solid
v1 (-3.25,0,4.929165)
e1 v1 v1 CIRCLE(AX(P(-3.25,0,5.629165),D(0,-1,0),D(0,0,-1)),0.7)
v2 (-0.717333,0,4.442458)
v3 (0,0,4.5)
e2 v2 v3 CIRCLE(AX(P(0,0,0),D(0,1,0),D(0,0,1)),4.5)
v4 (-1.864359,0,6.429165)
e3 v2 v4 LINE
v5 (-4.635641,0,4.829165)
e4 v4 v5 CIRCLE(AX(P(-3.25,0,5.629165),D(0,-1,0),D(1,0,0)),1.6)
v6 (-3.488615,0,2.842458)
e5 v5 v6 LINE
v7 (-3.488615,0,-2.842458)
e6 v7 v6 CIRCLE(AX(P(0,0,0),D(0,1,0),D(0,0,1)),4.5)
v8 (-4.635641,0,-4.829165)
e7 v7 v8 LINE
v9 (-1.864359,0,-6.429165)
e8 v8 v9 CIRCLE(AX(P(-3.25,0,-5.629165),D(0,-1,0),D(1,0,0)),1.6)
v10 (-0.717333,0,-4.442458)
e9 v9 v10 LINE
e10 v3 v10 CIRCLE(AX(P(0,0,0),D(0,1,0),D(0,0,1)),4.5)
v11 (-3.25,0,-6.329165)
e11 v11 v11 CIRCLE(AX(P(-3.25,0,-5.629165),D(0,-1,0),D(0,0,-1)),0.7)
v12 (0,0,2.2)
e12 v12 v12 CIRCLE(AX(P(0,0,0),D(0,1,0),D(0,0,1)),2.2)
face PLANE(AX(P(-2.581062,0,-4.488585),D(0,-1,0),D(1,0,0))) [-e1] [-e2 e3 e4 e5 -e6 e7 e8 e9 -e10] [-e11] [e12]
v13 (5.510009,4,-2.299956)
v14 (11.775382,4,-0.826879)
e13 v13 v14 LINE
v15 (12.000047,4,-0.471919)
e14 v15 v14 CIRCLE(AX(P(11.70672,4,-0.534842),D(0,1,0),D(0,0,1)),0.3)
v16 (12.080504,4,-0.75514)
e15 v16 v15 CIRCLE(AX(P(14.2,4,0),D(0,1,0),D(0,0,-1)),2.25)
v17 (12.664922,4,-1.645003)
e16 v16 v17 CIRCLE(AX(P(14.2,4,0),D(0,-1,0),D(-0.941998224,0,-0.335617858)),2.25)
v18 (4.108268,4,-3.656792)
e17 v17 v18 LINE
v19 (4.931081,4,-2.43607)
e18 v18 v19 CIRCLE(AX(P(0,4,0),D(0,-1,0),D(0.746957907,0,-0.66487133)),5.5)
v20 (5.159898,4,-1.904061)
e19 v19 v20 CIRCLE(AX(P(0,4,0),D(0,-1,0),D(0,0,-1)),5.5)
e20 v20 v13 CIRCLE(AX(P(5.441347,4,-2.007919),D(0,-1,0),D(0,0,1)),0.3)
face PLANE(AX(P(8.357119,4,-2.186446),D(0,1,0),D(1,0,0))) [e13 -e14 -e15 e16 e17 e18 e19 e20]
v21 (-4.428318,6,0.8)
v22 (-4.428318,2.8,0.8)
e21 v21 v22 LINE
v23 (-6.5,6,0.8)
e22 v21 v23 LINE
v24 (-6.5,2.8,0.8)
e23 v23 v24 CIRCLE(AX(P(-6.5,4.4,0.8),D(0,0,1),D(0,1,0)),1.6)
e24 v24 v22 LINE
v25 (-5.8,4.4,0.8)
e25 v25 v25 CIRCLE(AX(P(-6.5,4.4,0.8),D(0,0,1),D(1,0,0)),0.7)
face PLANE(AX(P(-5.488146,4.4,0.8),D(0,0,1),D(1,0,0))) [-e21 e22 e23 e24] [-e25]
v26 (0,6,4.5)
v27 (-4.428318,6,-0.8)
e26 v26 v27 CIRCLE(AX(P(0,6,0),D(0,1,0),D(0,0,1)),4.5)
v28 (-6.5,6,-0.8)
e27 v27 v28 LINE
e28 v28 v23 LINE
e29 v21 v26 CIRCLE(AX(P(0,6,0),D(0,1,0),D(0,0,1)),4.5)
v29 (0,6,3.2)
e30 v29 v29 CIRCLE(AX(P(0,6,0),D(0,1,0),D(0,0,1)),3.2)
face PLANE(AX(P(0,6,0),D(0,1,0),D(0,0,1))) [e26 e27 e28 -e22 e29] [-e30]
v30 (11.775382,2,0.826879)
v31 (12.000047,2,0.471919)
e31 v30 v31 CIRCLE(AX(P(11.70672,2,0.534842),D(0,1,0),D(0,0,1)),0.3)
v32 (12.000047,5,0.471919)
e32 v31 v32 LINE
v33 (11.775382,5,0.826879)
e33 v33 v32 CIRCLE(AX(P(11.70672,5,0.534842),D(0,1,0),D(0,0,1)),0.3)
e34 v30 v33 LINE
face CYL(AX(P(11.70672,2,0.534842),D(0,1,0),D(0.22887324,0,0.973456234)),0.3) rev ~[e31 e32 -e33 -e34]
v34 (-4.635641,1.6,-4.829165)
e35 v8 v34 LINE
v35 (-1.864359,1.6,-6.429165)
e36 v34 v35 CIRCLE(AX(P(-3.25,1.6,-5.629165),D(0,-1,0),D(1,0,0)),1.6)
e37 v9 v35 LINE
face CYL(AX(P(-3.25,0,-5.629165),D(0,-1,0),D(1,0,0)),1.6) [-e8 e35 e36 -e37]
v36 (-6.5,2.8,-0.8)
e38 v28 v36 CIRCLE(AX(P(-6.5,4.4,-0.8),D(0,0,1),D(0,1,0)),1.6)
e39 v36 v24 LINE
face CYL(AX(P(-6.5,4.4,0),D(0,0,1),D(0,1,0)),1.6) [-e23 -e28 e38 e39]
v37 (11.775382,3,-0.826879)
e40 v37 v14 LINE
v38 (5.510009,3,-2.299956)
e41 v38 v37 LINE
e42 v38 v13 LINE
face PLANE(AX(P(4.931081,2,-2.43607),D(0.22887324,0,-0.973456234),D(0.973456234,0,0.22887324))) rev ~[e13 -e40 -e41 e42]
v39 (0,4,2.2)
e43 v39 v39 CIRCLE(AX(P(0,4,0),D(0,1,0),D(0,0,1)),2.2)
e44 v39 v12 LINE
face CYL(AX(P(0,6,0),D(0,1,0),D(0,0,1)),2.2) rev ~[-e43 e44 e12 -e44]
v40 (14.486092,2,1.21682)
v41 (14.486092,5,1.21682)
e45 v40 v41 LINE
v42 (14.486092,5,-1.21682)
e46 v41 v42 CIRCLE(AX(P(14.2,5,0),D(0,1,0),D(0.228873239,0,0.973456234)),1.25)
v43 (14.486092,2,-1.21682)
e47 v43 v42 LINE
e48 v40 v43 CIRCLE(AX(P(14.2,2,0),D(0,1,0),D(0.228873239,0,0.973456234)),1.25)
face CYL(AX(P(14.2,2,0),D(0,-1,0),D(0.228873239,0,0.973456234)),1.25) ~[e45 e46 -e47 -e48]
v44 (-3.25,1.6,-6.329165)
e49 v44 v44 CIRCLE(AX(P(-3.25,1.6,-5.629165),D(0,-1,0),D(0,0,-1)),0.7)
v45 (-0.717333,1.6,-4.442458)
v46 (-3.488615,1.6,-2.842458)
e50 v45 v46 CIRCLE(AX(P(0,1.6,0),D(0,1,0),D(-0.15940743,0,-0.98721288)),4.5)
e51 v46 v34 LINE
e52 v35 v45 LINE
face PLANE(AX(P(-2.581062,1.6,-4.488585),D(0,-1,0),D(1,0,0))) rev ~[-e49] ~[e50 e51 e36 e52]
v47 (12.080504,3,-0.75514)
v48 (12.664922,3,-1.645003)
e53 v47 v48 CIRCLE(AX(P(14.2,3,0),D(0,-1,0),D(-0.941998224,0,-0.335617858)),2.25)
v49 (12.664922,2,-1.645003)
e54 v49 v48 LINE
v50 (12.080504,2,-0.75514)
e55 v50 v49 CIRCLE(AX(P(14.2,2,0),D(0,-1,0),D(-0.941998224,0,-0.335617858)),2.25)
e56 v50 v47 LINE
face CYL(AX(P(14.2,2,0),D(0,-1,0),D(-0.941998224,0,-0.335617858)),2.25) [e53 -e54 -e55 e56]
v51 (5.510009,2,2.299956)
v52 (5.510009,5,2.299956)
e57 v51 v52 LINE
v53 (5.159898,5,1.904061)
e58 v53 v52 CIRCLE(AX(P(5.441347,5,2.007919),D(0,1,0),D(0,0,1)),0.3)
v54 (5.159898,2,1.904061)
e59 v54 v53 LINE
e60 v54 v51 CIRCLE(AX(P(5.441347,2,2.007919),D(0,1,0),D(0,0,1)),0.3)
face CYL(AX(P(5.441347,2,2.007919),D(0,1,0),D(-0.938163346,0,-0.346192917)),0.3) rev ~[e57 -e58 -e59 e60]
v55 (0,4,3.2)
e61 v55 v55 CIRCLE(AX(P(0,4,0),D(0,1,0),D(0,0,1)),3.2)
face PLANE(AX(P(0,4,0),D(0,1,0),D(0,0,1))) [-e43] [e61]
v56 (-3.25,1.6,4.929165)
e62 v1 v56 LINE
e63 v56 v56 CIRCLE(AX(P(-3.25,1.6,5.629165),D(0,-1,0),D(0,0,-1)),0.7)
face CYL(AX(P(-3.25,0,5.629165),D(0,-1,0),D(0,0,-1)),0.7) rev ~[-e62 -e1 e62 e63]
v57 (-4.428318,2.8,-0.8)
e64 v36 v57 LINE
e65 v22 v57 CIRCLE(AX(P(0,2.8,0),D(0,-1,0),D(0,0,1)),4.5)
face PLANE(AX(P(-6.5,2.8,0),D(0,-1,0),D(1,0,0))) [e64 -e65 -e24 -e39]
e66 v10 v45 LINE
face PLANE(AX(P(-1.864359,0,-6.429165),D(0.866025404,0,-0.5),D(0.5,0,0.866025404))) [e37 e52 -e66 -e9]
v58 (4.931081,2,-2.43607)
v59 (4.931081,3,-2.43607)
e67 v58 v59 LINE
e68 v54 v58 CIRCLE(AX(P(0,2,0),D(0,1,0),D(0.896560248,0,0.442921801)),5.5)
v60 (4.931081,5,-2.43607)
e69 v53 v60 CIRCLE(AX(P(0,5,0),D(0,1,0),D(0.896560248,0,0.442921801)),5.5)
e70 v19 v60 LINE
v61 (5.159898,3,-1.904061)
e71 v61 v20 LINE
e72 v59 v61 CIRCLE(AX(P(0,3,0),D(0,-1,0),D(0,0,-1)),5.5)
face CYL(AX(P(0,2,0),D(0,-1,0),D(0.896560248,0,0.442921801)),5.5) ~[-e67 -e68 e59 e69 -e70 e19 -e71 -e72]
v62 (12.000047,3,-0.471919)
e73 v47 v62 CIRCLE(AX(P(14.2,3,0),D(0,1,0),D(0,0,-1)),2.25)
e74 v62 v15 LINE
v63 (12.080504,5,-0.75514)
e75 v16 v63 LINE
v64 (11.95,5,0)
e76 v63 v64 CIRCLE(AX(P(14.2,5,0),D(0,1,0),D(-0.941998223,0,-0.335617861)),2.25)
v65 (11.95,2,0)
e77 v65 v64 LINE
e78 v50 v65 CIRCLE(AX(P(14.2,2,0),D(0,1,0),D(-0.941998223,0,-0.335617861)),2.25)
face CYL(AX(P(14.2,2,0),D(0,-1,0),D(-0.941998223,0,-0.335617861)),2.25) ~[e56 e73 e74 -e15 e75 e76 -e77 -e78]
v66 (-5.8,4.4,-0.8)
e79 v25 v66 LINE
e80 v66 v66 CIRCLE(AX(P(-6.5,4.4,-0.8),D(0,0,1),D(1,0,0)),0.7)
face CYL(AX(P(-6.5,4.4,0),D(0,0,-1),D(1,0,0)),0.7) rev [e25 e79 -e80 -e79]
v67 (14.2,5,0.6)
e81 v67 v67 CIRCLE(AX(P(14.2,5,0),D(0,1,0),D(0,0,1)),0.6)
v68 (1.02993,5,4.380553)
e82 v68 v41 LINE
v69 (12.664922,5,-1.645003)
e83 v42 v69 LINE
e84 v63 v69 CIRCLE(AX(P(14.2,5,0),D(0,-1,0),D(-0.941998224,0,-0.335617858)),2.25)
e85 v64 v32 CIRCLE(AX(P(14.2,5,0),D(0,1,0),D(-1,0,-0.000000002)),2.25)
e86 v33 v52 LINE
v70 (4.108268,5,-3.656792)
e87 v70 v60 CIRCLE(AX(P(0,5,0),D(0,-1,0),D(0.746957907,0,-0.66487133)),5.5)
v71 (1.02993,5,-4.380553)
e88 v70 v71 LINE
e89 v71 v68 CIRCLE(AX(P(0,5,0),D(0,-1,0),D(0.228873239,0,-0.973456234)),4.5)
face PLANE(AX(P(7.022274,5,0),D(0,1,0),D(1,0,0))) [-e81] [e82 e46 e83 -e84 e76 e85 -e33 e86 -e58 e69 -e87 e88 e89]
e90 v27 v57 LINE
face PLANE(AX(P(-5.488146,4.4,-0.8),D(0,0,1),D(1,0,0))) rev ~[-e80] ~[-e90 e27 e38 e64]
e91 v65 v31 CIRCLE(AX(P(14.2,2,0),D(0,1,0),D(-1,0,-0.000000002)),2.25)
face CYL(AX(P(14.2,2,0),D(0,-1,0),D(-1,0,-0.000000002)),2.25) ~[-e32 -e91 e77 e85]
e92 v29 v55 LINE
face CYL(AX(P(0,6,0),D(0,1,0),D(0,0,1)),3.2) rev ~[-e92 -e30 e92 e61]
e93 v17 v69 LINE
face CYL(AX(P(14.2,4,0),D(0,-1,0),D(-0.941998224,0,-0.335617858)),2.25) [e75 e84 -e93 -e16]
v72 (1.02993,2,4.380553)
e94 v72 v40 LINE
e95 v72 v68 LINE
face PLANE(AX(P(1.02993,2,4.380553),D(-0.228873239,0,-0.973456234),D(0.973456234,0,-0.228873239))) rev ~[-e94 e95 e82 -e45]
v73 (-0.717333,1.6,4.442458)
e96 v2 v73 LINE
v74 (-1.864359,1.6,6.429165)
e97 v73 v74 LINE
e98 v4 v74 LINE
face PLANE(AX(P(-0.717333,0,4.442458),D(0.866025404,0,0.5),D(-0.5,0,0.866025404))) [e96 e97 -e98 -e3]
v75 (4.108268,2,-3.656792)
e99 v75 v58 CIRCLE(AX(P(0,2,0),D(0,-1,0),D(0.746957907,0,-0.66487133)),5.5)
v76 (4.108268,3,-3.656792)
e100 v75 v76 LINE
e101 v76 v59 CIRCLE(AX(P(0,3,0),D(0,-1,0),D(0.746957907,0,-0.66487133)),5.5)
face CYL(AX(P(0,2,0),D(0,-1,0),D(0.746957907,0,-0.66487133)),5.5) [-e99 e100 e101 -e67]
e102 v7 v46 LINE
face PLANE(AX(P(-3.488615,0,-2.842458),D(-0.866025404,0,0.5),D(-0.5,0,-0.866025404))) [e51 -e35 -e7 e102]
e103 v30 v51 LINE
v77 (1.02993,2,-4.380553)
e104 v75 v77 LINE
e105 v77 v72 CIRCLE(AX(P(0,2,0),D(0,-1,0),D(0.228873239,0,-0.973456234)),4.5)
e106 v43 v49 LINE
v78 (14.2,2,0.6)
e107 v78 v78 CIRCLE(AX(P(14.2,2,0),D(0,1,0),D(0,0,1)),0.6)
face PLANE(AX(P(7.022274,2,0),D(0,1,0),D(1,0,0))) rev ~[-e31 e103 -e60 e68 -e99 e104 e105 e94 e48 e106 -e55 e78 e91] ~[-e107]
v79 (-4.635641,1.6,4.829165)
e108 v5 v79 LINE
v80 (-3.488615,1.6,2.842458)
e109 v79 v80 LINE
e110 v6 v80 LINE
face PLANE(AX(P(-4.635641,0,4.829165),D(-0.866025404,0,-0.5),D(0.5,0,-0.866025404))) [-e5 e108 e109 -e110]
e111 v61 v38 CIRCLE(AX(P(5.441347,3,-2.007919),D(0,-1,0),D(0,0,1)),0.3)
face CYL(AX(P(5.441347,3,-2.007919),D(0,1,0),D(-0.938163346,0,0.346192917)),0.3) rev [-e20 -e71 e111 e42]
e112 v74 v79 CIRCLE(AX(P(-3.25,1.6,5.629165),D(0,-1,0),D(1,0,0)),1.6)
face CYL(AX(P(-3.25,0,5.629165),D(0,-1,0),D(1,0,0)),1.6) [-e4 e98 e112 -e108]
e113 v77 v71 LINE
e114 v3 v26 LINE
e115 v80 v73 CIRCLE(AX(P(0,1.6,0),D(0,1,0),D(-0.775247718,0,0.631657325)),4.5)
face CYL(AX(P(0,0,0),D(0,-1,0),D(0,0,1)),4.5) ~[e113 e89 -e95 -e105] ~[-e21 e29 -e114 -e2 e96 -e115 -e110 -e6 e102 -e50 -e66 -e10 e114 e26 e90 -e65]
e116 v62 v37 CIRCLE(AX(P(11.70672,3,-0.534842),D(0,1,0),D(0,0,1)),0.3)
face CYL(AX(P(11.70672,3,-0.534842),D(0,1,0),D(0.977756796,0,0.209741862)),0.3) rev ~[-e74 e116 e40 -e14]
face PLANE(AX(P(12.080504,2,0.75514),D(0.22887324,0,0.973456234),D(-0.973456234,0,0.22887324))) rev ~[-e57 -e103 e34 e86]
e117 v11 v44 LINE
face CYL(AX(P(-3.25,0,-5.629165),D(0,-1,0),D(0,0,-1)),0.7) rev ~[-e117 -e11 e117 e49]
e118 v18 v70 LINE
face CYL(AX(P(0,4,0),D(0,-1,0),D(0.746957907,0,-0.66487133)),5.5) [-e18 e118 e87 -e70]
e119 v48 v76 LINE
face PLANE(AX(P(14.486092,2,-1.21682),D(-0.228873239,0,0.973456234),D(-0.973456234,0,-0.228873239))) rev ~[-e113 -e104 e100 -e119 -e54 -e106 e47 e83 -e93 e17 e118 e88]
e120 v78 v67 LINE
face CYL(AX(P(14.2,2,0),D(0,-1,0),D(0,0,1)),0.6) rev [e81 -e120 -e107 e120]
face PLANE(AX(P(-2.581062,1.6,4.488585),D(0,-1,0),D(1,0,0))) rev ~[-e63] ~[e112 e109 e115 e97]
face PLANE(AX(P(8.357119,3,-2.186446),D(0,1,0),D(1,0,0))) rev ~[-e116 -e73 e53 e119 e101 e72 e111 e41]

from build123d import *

# Parameters (mm, degrees)
SKETCH1_R           = 4.5
BOSS_EXTRUDE1_DEPTH = 6
SKETCH2_R           = 0.7
BOSS_EXTRUDE2_DEPTH = 1.6
SKETCH3_R           = 0.7
BOSS_EXTRUDE3_DEPTH = 0.8
BOSS_EXTRUDE4_START = -4
SKETCH4_R           = 0.6
BOSS_EXTRUDE4_DEPTH = 3
CUT_EXTRUDE1_START  = -2
CUT_EXTRUDE1_DEPTH  = 1
CUT_EXTRUDE2_START  = -4
CUT_EXTRUDE2_DEPTH  = 1
FILLET1_R           = 0.3
SKETCH5_R           = 2.2
CUT_EXTRUDE4_DEPTH  = 19.08212732
SKETCH9_R           = 3.2
SKETCH9_R_2         = 2.2
CUT_EXTRUDE5_DEPTH  = 2


with BuildPart() as part:
    # Sketch1 → Boss-Extrude1 (new body)
    with BuildSketch(Plane(origin=(0, 0, 0), x_dir=(1, 0, 0), z_dir=(0, 1, 0))):
        Circle(SKETCH1_R)
    extrude(amount=BOSS_EXTRUDE1_DEPTH)

    # Sketch2 → Boss-Extrude2 (add)
    # profile 1 of 2: a face of its own
    with BuildSketch(Plane.XZ):
        with BuildLine():
            Line((-0.717333438, 4.442457961), (-1.864359354, 6.429165125))
            ThreePointArc((-1.864359354, 6.429165125), (-4.05, 7.014805771), (-4.635640646, 4.829165125))
            Line((-4.635640646, 4.829165125), (-3.488614731, 2.842457961))
            ThreePointArc((-3.488614731, 2.842457961), (-2.25, 3.897114317), (-0.717333438, 4.442457961))
        make_face()
        with Locations((-3.25, 5.629165125)):
            Circle(SKETCH2_R, mode=Mode.SUBTRACT)
    # profile 2 of 2: a face of its own
    with BuildSketch(Plane.XZ):
        with BuildLine():
            ThreePointArc((-0.717333438, -4.442457961), (-2.25, -3.897114317), (-3.488614731, -2.842457961))
            Line((-3.488614731, -2.842457961), (-4.635640646, -4.829165125))
            ThreePointArc((-4.635640646, -4.829165125), (-4.05, -7.014805771), (-1.864359354, -6.429165125))
            Line((-1.864359354, -6.429165125), (-0.717333438, -4.442457961))
        make_face()
        with Locations((-3.25, -5.629165125)):
            Circle(SKETCH2_R, mode=Mode.SUBTRACT)
    extrude(amount=-BOSS_EXTRUDE2_DEPTH)

    # Sketch3 → Boss-Extrude3 (add, symmetric)
    with BuildSketch(Plane.XY):
        with BuildLine():
            Line((-3.5, 6), (-6.5, 6))
            ThreePointArc((-6.5, 6), (-8.1, 4.4), (-6.5, 2.8))
            Line((-6.5, 2.8), (-3.5, 2.8))
            Line((-3.5, 2.8), (-3.5, 6))
        make_face()
        with Locations((-6.5, 4.4)):
            Circle(SKETCH3_R, mode=Mode.SUBTRACT)
    extrude(amount=BOSS_EXTRUDE3_DEPTH, both=True)

    # Sketch4 → Boss-Extrude4 (add)
    with BuildSketch(Plane(origin=(0, 6, 0), x_dir=(1, 0, 0), z_dir=(0, 1, 0)).offset(BOSS_EXTRUDE4_START)):
        with BuildLine():
            ThreePointArc((1.029929577, 4.380553055), (4.5, 0), (1.029929577, -4.380553055))
            Line((1.029929577, -4.380553055), (14.486091549, -1.216820293))
            ThreePointArc((14.486091549, -1.216820293), (15.45, 0), (14.486091549, 1.216820293))
            Line((14.486091549, 1.216820293), (1.029929577, 4.380553055))
        make_face()
        with BuildLine():
            Line((4.931081365, 2.436069903), (12.080503997, 0.75514018))
            ThreePointArc((12.080503997, 0.75514018), (11.982866038, 0.38316706), (11.95, 0))
            ThreePointArc((11.95, 0), (11.982866038, -0.38316706), (12.080503997, -0.75514018))
            Line((12.080503997, -0.75514018), (4.931081365, -2.436069903))
            ThreePointArc((4.931081365, -2.436069903), (5.5, 0), (4.931081365, 2.436069903))
        make_face(mode=Mode.SUBTRACT)
        with Locations((14.2, 0)):
            Circle(SKETCH4_R, mode=Mode.SUBTRACT)
    extrude(amount=BOSS_EXTRUDE4_DEPTH)

    # Sketch4<3> → Cut-Extrude1 (cut)
    with BuildSketch(Plane(origin=(0, 6, 0), x_dir=(1, 0, 0), z_dir=(0, 1, 0)).offset(CUT_EXTRUDE1_START)):
        with BuildLine():
            Line((12.664921694, 1.645002916), (4.108268481, 3.656792323))
            ThreePointArc((4.108268481, 3.656792323), (4.560701943, 3.074084869), (4.931081365, 2.436069903))
            Line((4.931081365, 2.436069903), (12.080503997, 0.75514018))
            ThreePointArc((12.080503997, 0.75514018), (12.319323987, 1.235134702), (12.664921694, 1.645002916))
        make_face()
    extrude(amount=CUT_EXTRUDE1_DEPTH, mode=Mode.SUBTRACT)

    # Sketch4<4> → Cut-Extrude2 (cut)
    with BuildSketch(Plane(origin=(0, 6, 0), x_dir=(1, 0, 0), z_dir=(0, 1, 0)).offset(CUT_EXTRUDE2_START)):
        with BuildLine():
            Line((12.664921694, 1.645002916), (4.108268481, 3.656792323))
            ThreePointArc((4.108268481, 3.656792323), (4.560701943, 3.074084869), (4.931081365, 2.436069903))
            Line((4.931081365, 2.436069903), (12.080503997, 0.75514018))
            ThreePointArc((12.080503997, 0.75514018), (12.319323987, 1.235134702), (12.664921694, 1.645002916))
        make_face()
    extrude(amount=CUT_EXTRUDE2_DEPTH, mode=Mode.SUBTRACT)

    # Fillet1
    fillet1_edges = [part.edges().sort_by_distance(p)[0] for p in [
        (12.080503997, 3.5, -0.75514018),
        (12.080503997, 3.5, 0.75514018),
        (4.931081365, 3.5, -2.436069903),
        (4.931081365, 3.5, 2.436069903),
    ]]
    fillet(fillet1_edges, radius=FILLET1_R)

    # Sketch5 → Cut-Extrude4 (cut, through all)
    with BuildSketch(Plane(origin=(0, 6, 0), x_dir=(1, 0, 0), z_dir=(0, 1, 0))):
        Circle(SKETCH5_R)
    extrude(amount=-CUT_EXTRUDE4_DEPTH, mode=Mode.SUBTRACT)

    # Sketch9 → Cut-Extrude5 (cut)
    with BuildSketch(Plane(origin=(0, 6, 0), x_dir=(1, 0, 0), z_dir=(0, 1, 0))):
        Circle(SKETCH9_R)
        Circle(SKETCH9_R_2, mode=Mode.SUBTRACT)
    extrude(amount=-CUT_EXTRUDE5_DEPTH, mode=Mode.SUBTRACT)


solid = part.part
